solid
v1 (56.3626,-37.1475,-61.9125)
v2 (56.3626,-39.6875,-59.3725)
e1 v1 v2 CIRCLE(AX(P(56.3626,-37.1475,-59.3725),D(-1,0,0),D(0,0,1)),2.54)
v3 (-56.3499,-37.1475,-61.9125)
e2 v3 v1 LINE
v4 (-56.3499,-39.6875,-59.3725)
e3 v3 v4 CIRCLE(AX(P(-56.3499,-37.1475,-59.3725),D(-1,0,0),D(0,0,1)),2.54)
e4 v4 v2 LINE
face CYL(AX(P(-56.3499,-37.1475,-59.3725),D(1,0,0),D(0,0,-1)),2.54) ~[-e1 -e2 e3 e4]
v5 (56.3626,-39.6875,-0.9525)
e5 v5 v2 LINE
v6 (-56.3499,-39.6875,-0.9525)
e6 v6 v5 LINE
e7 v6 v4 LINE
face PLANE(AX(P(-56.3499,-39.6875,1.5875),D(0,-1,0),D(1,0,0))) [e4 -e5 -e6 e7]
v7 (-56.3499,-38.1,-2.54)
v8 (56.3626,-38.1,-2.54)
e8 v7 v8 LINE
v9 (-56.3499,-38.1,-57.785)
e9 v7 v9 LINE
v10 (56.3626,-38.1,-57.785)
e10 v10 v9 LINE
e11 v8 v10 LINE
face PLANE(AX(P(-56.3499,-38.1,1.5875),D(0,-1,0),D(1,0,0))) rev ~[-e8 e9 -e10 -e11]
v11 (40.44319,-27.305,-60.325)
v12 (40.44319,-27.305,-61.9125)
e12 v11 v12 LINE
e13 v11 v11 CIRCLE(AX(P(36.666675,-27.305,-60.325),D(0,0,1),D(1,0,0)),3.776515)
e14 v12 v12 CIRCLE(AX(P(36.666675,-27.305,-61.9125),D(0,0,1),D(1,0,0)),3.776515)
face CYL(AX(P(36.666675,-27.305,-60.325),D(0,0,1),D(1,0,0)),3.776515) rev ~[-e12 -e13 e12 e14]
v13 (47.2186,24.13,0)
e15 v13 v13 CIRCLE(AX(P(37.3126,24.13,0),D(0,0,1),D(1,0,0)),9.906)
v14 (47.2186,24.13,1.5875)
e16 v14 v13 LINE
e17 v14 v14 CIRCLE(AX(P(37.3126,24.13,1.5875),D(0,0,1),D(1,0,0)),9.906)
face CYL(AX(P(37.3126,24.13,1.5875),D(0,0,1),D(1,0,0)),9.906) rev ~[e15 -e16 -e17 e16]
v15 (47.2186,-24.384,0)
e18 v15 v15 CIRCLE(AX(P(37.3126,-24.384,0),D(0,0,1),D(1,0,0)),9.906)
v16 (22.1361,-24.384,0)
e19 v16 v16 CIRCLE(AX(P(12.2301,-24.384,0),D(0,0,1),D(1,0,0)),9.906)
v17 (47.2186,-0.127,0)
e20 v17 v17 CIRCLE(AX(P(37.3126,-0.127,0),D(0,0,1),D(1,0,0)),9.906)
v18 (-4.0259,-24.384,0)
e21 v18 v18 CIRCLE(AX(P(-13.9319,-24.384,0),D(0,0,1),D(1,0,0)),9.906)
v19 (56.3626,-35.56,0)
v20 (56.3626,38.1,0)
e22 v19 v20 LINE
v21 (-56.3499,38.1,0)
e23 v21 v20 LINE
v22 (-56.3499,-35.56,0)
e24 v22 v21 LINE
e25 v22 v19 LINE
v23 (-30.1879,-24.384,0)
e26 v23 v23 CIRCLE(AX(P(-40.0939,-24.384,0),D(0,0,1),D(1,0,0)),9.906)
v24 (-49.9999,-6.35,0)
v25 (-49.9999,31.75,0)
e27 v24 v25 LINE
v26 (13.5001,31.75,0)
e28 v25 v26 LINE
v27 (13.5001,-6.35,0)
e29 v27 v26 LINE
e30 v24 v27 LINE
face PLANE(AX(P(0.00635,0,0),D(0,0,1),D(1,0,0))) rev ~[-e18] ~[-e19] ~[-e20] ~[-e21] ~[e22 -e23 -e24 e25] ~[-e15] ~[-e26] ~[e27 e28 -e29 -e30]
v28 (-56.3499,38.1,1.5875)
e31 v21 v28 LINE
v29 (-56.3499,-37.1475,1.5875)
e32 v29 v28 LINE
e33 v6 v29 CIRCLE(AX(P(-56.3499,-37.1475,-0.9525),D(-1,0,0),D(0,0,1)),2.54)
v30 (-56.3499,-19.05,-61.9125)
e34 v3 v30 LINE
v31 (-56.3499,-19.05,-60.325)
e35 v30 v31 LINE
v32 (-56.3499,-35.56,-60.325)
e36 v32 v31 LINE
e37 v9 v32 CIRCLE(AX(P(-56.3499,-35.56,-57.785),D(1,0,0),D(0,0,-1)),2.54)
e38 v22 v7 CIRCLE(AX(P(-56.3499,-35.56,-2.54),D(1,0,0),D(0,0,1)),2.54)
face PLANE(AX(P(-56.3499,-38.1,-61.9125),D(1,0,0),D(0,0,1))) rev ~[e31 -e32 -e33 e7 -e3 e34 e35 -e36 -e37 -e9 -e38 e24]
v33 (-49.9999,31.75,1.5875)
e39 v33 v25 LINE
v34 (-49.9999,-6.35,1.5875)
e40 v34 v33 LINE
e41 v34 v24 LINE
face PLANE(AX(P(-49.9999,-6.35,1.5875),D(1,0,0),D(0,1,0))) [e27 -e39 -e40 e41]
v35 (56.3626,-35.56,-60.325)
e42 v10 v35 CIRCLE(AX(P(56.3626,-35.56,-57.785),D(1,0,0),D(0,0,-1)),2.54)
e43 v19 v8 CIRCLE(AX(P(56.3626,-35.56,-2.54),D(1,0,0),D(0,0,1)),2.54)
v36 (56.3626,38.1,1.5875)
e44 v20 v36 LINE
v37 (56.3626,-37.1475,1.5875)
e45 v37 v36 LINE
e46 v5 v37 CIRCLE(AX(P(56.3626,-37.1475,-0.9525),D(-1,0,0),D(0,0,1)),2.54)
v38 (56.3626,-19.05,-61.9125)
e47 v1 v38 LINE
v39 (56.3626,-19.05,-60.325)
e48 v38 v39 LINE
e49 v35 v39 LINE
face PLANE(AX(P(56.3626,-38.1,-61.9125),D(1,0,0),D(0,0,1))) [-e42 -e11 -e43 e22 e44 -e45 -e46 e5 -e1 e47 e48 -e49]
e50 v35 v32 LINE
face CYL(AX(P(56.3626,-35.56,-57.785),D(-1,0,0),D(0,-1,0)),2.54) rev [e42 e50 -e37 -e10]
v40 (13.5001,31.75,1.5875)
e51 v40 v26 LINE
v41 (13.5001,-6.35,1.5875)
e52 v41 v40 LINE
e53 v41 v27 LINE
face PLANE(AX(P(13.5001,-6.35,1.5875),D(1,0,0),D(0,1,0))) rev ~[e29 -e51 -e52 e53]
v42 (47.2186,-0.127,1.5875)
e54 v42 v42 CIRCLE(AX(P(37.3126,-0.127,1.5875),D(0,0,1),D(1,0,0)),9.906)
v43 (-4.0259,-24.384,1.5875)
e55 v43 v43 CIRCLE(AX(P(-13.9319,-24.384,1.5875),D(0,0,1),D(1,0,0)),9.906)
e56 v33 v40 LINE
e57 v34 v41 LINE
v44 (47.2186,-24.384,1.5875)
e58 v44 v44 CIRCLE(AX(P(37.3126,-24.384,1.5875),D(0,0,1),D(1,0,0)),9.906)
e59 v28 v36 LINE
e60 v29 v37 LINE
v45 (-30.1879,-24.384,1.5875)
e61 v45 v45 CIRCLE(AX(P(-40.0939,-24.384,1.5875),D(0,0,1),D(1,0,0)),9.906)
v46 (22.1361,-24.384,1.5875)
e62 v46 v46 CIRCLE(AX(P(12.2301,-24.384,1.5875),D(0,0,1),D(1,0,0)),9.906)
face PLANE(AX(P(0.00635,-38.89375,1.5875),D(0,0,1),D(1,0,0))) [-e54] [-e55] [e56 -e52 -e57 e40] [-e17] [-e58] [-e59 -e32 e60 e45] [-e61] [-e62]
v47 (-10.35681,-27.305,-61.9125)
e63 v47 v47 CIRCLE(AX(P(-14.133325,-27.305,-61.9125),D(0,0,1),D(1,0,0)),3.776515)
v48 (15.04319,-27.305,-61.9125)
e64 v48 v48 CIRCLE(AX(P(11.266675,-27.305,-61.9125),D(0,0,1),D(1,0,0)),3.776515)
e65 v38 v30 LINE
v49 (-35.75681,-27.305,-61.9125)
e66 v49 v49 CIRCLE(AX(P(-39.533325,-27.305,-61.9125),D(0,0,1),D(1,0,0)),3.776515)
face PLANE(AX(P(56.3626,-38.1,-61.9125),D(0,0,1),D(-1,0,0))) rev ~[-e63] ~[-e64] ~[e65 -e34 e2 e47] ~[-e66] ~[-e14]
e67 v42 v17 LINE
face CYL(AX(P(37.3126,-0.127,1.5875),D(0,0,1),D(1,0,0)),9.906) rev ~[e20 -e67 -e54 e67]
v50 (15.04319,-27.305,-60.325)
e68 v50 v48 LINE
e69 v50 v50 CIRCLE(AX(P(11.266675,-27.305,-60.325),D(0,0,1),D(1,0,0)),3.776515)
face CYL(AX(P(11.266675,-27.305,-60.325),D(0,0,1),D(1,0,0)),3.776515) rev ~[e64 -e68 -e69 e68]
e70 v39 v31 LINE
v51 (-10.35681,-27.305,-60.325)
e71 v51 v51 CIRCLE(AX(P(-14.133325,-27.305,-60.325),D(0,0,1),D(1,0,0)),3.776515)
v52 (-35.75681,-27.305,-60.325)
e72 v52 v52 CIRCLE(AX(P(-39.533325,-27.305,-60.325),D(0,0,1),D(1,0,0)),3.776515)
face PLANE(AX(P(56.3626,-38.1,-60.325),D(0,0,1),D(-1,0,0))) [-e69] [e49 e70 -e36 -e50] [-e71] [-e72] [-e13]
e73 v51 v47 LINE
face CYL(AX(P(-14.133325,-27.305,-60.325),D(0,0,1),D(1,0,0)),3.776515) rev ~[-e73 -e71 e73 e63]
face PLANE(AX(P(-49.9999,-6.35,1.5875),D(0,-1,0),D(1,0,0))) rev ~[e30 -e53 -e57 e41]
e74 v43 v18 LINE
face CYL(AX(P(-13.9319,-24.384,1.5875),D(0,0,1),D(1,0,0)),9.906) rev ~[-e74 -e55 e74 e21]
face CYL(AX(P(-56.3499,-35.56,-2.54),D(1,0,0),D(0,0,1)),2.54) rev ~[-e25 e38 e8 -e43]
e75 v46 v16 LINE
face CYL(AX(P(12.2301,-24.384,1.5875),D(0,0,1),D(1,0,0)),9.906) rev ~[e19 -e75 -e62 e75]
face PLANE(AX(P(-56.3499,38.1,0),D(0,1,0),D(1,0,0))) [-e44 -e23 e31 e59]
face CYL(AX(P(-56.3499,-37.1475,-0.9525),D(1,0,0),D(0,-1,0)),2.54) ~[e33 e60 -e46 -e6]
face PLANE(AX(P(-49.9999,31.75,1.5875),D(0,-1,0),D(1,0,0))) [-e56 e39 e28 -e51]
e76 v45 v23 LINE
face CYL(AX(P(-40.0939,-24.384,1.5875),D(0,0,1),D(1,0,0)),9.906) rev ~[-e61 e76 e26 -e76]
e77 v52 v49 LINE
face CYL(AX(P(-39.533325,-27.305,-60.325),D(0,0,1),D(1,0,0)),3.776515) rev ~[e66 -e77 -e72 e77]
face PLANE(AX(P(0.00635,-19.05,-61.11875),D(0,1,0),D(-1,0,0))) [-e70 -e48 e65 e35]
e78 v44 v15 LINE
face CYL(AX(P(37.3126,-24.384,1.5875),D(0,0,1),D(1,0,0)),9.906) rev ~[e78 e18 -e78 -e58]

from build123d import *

# Parameters (mm, degrees)
F0_W      = 112.7125
F0_H      = 76.2
F1_DEPTH  = 1.5875
F2_W      = 63.5
F2_H      = 38.1
F2_R      = 9.906
F3_DEPTH  = 1.5885
F4_W      = 112.7125
F4_H      = 1.5875
F5_DEPTH  = 63.5
F6_W      = 112.7125
F6_H      = 1.5875
F7_DEPTH  = 19.05
F8_R      = 2.54
F9_R      = 3.776515
F10_DEPTH = 1.5885


with BuildPart() as f1:
    # F0 (on Top) → F1 (new body)
    with BuildSketch(Plane.XY):
        with Locations((0.00635, 0)):
            Rectangle(F0_W, F0_H)
    extrude(amount=F1_DEPTH)

    # F2 (on face) → F3 (cut, through all)
    with BuildSketch(Plane.XY.offset(1.5875)):
        with Locations((-18.2499, 12.7)):
            Rectangle(F2_W, F2_H)
        with Locations((37.3126, 24.13)):
            Circle(F2_R)
        with Locations((37.3126, -0.127)):
            Circle(F2_R)
        with Locations((37.3126, -24.384)):
            Circle(F2_R)
        with Locations((-40.0939, -24.384)):
            Circle(F2_R)
        with Locations((-13.9319, -24.384)):
            Circle(F2_R)
        with Locations((12.2301, -24.384)):
            Circle(F2_R)
    extrude(amount=-F3_DEPTH, mode=Mode.SUBTRACT)

    # F4 (on face) → F5 (join)
    with BuildSketch(Plane.XY.offset(1.5875)):
        with Locations((0.00635, -38.89375)):
            Rectangle(F4_W, F4_H)
    extrude(amount=-F5_DEPTH)

    # F6 (on face) → F7 (join)
    with BuildSketch(Plane(origin=(0, -38.1, 0), x_dir=(-1, 0, 0), z_dir=(0, 1, 0))):
        with Locations((-0.00635, -61.11875)):
            Rectangle(F6_W, F6_H)
    extrude(amount=F7_DEPTH)

    # F8
    f8_edges = [f1.edges().sort_by_distance(p)[0] for p in [
        (0.00635, -39.6875, 1.5875),
        (0.00635, -38.1, 0),
        (0.00635, -39.6875, -61.9125),
        (0.00635, -38.1, -60.325),
    ]]
    fillet(f8_edges, radius=F8_R)

    # F9 (on face) → F10 (cut, through all)
    with BuildSketch(Plane.XY.offset(-60.325)):
        with Locations((-39.533325, -27.305)):
            Circle(F9_R)
        with Locations((-14.133325, -27.305)):
            Circle(F9_R)
        with Locations((11.266675, -27.305)):
            Circle(F9_R)
        with Locations((36.666675, -27.305)):
            Circle(F9_R)
    extrude(amount=-F10_DEPTH, mode=Mode.SUBTRACT)


solid = f1.part
